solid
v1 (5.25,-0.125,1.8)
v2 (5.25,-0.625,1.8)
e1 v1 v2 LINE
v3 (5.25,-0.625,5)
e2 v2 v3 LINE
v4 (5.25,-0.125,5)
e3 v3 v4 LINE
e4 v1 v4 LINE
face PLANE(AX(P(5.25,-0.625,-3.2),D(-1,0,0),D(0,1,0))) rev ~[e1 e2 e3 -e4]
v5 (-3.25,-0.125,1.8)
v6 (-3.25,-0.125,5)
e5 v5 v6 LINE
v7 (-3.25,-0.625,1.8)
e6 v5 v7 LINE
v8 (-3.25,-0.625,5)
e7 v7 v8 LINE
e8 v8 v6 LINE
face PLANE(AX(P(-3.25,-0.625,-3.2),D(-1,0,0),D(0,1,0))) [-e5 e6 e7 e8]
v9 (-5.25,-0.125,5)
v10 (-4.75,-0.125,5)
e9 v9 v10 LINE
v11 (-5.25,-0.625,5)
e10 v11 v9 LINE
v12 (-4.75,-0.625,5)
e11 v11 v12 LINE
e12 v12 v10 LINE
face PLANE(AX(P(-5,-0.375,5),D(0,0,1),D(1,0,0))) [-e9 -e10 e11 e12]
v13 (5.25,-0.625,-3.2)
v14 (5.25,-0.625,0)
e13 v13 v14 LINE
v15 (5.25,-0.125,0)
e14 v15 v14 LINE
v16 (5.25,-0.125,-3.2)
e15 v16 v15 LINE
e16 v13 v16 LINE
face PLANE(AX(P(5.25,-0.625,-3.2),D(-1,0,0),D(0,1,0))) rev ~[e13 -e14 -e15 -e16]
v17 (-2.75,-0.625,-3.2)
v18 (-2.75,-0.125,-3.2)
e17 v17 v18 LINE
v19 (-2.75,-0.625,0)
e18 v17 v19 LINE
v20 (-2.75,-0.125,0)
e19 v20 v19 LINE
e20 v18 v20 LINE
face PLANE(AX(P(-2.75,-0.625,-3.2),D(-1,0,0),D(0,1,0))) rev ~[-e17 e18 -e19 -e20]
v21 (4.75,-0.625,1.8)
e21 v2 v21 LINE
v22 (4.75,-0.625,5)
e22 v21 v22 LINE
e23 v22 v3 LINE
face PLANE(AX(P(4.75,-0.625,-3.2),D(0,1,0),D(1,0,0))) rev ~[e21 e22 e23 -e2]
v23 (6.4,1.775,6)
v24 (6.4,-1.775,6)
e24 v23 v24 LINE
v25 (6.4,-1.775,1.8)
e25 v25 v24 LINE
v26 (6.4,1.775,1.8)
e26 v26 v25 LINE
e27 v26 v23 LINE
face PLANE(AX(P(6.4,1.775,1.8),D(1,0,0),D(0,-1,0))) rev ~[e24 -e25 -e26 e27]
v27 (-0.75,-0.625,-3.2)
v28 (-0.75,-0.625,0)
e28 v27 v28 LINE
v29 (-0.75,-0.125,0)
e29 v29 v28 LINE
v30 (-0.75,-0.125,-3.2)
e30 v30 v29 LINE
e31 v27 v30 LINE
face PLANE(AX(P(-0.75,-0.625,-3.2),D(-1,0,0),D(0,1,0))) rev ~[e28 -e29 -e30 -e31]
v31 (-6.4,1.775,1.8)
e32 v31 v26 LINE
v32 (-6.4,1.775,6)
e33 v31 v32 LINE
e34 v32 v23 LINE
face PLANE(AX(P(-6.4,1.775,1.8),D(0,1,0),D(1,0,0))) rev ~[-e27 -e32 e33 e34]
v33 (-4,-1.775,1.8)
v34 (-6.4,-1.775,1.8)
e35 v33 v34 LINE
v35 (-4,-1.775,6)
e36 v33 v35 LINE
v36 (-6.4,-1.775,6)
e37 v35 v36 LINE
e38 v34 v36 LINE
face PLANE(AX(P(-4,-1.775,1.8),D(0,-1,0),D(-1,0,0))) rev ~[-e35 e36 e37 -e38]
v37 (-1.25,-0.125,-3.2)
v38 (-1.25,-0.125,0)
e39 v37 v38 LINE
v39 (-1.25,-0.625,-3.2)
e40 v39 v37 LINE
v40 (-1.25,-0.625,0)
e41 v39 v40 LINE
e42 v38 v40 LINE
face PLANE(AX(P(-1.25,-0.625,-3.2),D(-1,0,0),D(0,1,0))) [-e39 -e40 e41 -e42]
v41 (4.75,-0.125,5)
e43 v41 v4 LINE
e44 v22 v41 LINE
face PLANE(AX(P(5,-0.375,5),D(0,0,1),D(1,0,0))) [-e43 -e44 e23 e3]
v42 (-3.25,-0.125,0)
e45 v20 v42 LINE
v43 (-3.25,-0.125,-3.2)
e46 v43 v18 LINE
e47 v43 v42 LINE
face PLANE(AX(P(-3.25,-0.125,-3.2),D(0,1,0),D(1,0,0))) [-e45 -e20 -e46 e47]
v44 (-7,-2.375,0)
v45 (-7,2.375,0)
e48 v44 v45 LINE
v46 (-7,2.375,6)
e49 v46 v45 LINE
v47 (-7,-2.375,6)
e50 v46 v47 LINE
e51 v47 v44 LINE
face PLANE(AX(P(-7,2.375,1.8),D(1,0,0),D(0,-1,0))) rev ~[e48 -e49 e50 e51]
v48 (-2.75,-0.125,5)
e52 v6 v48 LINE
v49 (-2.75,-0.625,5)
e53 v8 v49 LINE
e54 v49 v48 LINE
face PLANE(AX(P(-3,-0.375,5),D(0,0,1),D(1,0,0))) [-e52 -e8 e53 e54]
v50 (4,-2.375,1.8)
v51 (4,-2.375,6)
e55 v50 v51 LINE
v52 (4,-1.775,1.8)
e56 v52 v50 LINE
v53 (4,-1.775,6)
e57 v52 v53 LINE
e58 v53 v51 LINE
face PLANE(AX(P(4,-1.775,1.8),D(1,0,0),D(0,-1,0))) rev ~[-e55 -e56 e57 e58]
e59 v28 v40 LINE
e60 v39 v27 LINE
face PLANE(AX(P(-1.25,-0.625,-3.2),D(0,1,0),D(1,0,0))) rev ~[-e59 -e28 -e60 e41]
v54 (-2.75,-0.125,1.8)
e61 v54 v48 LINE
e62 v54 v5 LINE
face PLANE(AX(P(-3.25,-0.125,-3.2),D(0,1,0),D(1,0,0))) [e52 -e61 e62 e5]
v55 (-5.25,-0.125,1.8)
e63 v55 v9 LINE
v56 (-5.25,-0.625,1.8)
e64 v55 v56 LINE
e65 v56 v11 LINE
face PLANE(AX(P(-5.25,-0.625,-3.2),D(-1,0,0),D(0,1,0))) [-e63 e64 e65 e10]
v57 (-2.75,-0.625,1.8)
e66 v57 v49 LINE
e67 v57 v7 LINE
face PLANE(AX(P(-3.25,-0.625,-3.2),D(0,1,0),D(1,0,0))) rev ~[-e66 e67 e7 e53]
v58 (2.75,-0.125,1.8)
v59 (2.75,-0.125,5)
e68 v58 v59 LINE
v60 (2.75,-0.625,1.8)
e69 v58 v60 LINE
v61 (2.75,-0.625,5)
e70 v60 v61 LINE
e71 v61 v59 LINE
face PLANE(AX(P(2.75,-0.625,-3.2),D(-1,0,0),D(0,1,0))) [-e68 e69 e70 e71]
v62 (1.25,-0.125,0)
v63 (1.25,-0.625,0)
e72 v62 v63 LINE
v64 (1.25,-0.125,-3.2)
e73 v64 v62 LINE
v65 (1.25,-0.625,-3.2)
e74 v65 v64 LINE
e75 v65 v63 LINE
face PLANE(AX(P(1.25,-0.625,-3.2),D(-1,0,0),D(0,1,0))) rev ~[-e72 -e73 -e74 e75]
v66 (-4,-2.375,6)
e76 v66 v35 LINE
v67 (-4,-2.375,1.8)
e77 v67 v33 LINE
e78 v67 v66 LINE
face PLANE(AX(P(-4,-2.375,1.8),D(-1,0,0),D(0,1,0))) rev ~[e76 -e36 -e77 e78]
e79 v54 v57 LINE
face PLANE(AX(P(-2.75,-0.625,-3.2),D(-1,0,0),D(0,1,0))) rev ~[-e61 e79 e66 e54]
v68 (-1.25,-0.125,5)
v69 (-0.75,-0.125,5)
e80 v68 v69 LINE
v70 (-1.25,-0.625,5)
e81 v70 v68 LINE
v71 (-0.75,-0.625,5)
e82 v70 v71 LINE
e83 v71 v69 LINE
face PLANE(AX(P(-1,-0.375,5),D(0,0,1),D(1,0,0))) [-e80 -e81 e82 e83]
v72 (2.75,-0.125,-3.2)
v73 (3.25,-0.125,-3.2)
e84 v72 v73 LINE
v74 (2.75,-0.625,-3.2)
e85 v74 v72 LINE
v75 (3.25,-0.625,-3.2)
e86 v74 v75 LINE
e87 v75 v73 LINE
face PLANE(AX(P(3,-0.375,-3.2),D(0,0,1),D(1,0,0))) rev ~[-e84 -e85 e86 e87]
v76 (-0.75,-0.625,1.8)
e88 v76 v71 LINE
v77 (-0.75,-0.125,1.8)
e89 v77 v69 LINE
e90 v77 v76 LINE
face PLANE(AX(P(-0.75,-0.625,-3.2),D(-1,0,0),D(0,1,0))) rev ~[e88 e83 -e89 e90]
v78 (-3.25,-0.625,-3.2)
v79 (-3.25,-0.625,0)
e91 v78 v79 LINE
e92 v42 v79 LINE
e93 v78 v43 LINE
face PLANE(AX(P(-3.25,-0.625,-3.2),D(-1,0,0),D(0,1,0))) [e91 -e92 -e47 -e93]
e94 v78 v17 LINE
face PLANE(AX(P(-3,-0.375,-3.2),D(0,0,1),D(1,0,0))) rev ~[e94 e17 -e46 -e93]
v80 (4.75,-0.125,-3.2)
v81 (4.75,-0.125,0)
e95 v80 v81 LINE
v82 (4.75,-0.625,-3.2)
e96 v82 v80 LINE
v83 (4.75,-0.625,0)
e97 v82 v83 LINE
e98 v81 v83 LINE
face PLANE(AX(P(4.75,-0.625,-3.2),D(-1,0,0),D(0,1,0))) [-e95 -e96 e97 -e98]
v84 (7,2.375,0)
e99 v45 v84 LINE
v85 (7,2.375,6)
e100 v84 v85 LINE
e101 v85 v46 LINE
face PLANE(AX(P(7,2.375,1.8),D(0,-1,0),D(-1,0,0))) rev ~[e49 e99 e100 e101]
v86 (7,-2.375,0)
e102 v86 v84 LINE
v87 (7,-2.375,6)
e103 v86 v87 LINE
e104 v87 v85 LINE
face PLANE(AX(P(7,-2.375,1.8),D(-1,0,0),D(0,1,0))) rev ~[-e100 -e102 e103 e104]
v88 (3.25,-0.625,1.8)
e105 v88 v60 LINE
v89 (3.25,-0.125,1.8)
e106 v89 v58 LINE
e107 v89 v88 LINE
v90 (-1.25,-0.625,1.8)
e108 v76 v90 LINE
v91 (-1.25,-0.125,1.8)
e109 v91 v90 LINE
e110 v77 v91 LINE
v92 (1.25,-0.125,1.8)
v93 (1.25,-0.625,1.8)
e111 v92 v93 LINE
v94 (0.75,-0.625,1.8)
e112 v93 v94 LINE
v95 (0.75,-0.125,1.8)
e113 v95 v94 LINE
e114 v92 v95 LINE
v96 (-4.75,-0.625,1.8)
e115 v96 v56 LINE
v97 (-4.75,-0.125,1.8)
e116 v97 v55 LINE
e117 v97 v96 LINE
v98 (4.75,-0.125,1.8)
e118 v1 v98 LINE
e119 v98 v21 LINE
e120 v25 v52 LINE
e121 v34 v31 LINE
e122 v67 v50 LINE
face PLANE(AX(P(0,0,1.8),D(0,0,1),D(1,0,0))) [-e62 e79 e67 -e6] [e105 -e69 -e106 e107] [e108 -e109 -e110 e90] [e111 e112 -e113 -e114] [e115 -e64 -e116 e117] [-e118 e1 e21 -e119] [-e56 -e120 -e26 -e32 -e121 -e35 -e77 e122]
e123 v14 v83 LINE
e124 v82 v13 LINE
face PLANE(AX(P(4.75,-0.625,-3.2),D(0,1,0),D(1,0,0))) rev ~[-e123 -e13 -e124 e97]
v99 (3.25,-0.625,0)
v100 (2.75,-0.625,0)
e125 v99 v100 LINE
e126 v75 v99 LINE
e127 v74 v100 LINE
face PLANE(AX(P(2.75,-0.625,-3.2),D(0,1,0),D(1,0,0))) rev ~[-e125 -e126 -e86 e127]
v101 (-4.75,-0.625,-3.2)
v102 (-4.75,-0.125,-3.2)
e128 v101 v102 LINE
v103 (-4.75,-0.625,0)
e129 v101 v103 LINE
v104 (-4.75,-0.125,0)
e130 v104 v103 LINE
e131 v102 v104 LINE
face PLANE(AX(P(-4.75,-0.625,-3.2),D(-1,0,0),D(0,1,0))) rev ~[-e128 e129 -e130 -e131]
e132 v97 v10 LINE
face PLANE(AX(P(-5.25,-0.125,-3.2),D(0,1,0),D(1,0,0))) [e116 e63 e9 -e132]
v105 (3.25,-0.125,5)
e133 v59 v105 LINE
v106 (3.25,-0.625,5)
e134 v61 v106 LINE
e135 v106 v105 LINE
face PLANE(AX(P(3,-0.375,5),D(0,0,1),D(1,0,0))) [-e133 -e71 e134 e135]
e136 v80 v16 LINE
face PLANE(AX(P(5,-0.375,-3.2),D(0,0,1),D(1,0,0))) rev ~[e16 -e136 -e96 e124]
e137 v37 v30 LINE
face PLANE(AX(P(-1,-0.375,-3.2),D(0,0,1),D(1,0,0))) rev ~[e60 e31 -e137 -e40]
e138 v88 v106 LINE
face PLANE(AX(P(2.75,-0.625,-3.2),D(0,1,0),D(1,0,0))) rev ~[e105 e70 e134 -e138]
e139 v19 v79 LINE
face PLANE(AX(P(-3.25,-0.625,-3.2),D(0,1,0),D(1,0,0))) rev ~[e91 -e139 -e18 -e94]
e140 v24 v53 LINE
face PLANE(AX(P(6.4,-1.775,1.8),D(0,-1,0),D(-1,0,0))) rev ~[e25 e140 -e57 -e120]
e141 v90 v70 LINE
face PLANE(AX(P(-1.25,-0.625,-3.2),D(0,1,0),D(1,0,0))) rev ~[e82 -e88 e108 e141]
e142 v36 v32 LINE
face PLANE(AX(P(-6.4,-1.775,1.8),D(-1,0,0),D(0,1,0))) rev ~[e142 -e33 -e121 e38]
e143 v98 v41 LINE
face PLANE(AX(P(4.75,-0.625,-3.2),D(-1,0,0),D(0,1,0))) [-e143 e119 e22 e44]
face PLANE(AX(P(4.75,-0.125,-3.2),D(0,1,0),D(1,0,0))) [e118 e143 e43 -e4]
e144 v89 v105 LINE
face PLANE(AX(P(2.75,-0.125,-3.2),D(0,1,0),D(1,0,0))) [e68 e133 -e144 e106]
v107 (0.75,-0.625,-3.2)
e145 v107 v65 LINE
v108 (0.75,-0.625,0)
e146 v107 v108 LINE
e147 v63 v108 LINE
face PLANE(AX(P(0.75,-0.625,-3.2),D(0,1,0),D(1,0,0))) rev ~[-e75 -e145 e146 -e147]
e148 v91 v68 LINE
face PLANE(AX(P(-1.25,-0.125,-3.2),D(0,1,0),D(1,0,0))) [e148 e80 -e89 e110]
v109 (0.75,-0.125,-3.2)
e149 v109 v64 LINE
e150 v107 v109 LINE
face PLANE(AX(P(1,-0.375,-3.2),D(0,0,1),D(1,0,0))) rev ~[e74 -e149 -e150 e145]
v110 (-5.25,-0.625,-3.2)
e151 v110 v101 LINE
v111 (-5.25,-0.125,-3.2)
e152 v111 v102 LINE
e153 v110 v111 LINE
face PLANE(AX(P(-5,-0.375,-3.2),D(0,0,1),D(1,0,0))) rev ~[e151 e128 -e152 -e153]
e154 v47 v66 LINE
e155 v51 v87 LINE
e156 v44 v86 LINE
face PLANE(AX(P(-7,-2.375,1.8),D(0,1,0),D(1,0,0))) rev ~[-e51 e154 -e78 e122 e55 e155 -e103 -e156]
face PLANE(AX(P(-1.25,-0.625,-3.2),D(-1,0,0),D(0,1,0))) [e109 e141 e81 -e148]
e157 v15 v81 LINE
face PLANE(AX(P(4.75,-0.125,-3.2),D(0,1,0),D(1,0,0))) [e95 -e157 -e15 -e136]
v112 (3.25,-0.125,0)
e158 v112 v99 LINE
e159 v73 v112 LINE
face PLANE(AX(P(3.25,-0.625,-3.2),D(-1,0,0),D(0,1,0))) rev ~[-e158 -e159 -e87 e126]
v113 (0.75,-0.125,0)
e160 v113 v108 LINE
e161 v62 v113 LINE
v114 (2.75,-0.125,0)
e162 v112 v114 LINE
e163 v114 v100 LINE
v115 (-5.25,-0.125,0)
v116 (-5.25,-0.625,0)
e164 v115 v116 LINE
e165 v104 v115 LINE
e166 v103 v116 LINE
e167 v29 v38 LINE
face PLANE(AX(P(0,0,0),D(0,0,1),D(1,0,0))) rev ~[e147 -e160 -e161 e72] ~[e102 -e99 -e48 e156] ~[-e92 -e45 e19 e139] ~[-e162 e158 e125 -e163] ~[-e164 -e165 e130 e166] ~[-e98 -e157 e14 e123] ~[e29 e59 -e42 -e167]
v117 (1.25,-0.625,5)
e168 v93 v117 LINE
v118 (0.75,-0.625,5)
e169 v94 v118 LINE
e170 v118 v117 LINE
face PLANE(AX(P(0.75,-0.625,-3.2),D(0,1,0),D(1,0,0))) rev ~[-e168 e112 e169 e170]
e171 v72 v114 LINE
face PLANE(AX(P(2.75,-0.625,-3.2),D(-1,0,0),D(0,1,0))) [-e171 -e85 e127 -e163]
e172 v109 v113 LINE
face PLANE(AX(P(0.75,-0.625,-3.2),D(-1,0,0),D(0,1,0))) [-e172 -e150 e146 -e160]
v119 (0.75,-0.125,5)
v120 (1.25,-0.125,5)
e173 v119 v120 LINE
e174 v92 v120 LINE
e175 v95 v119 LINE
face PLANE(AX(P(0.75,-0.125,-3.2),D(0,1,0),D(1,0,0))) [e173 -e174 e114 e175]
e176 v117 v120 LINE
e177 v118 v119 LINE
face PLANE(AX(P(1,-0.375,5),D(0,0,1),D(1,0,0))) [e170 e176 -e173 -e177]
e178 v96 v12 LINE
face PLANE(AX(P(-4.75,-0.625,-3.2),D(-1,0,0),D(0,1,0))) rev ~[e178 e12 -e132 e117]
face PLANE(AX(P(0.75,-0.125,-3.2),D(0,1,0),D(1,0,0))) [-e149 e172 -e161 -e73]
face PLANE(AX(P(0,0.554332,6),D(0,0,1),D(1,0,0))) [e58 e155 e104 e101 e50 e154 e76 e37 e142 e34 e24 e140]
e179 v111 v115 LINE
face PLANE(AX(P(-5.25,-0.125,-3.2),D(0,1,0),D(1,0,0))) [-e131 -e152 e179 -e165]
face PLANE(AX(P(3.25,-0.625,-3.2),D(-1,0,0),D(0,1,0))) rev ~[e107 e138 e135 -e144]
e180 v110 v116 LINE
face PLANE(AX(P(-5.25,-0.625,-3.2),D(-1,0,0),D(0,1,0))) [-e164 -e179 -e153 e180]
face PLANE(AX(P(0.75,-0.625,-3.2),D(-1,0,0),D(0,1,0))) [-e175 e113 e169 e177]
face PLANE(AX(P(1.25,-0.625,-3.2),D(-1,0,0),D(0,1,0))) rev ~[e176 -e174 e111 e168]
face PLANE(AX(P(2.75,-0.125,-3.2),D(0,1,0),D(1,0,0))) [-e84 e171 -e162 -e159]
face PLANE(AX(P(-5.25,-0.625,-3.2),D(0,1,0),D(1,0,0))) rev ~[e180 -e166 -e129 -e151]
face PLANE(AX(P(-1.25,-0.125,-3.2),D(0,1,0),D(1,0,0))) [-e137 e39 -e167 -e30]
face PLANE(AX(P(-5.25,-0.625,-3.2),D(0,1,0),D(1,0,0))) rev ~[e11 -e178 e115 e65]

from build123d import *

# Parameters (mm, degrees)
SKETCH1_W           = 14
SKETCH1_H           = 4.75
BOSS_EXTRUDE1_DEPTH = 1.8
BOSS_EXTRUDE2_DEPTH = 4.2
BOSS_EXTRUDE3_START = -5
SKETCH3_W           = 0.5
SKETCH3_H           = 0.5
BOSS_EXTRUDE3_DEPTH = 8.2
LPATTERN1_COUNT     = 6
LPATTERN1_PITCH     = 2


with BuildPart() as part:
    # Sketch1 → Boss-Extrude1 (new body)
    with BuildSketch(Plane.XY):
        Rectangle(SKETCH1_W, SKETCH1_H)
    extrude(amount=BOSS_EXTRUDE1_DEPTH)

    # Sketch2 → Boss-Extrude2 (add)
    with BuildSketch(Plane.XY.offset(1.8)):
        Polygon((-4, -2.375), (-4, -1.775), (-6.4, -1.775), (-6.4, 1.775), (6.4, 1.775), (6.4, -1.775), (4, -1.775), (4, -2.375), (7, -2.375), (7, 2.375), (-7, 2.375), (-7, -2.375), align=None)
    extrude(amount=BOSS_EXTRUDE2_DEPTH)

    # Sketch3 → Boss-Extrude3 (add)
    with BuildSketch(Plane.XY.offset(1.8).offset(BOSS_EXTRUDE3_START)):
        with Locations((-5, -0.375)):
            Rectangle(SKETCH3_W, SKETCH3_H)
    boss_extrude3 = extrude(amount=BOSS_EXTRUDE3_DEPTH)

    # LPattern1: Boss-Extrude3 ×6
    with Locations(*[(i * LPATTERN1_PITCH, 0, 0) for i in range(1, LPATTERN1_COUNT)]):
        add(boss_extrude3)


solid = part.part
